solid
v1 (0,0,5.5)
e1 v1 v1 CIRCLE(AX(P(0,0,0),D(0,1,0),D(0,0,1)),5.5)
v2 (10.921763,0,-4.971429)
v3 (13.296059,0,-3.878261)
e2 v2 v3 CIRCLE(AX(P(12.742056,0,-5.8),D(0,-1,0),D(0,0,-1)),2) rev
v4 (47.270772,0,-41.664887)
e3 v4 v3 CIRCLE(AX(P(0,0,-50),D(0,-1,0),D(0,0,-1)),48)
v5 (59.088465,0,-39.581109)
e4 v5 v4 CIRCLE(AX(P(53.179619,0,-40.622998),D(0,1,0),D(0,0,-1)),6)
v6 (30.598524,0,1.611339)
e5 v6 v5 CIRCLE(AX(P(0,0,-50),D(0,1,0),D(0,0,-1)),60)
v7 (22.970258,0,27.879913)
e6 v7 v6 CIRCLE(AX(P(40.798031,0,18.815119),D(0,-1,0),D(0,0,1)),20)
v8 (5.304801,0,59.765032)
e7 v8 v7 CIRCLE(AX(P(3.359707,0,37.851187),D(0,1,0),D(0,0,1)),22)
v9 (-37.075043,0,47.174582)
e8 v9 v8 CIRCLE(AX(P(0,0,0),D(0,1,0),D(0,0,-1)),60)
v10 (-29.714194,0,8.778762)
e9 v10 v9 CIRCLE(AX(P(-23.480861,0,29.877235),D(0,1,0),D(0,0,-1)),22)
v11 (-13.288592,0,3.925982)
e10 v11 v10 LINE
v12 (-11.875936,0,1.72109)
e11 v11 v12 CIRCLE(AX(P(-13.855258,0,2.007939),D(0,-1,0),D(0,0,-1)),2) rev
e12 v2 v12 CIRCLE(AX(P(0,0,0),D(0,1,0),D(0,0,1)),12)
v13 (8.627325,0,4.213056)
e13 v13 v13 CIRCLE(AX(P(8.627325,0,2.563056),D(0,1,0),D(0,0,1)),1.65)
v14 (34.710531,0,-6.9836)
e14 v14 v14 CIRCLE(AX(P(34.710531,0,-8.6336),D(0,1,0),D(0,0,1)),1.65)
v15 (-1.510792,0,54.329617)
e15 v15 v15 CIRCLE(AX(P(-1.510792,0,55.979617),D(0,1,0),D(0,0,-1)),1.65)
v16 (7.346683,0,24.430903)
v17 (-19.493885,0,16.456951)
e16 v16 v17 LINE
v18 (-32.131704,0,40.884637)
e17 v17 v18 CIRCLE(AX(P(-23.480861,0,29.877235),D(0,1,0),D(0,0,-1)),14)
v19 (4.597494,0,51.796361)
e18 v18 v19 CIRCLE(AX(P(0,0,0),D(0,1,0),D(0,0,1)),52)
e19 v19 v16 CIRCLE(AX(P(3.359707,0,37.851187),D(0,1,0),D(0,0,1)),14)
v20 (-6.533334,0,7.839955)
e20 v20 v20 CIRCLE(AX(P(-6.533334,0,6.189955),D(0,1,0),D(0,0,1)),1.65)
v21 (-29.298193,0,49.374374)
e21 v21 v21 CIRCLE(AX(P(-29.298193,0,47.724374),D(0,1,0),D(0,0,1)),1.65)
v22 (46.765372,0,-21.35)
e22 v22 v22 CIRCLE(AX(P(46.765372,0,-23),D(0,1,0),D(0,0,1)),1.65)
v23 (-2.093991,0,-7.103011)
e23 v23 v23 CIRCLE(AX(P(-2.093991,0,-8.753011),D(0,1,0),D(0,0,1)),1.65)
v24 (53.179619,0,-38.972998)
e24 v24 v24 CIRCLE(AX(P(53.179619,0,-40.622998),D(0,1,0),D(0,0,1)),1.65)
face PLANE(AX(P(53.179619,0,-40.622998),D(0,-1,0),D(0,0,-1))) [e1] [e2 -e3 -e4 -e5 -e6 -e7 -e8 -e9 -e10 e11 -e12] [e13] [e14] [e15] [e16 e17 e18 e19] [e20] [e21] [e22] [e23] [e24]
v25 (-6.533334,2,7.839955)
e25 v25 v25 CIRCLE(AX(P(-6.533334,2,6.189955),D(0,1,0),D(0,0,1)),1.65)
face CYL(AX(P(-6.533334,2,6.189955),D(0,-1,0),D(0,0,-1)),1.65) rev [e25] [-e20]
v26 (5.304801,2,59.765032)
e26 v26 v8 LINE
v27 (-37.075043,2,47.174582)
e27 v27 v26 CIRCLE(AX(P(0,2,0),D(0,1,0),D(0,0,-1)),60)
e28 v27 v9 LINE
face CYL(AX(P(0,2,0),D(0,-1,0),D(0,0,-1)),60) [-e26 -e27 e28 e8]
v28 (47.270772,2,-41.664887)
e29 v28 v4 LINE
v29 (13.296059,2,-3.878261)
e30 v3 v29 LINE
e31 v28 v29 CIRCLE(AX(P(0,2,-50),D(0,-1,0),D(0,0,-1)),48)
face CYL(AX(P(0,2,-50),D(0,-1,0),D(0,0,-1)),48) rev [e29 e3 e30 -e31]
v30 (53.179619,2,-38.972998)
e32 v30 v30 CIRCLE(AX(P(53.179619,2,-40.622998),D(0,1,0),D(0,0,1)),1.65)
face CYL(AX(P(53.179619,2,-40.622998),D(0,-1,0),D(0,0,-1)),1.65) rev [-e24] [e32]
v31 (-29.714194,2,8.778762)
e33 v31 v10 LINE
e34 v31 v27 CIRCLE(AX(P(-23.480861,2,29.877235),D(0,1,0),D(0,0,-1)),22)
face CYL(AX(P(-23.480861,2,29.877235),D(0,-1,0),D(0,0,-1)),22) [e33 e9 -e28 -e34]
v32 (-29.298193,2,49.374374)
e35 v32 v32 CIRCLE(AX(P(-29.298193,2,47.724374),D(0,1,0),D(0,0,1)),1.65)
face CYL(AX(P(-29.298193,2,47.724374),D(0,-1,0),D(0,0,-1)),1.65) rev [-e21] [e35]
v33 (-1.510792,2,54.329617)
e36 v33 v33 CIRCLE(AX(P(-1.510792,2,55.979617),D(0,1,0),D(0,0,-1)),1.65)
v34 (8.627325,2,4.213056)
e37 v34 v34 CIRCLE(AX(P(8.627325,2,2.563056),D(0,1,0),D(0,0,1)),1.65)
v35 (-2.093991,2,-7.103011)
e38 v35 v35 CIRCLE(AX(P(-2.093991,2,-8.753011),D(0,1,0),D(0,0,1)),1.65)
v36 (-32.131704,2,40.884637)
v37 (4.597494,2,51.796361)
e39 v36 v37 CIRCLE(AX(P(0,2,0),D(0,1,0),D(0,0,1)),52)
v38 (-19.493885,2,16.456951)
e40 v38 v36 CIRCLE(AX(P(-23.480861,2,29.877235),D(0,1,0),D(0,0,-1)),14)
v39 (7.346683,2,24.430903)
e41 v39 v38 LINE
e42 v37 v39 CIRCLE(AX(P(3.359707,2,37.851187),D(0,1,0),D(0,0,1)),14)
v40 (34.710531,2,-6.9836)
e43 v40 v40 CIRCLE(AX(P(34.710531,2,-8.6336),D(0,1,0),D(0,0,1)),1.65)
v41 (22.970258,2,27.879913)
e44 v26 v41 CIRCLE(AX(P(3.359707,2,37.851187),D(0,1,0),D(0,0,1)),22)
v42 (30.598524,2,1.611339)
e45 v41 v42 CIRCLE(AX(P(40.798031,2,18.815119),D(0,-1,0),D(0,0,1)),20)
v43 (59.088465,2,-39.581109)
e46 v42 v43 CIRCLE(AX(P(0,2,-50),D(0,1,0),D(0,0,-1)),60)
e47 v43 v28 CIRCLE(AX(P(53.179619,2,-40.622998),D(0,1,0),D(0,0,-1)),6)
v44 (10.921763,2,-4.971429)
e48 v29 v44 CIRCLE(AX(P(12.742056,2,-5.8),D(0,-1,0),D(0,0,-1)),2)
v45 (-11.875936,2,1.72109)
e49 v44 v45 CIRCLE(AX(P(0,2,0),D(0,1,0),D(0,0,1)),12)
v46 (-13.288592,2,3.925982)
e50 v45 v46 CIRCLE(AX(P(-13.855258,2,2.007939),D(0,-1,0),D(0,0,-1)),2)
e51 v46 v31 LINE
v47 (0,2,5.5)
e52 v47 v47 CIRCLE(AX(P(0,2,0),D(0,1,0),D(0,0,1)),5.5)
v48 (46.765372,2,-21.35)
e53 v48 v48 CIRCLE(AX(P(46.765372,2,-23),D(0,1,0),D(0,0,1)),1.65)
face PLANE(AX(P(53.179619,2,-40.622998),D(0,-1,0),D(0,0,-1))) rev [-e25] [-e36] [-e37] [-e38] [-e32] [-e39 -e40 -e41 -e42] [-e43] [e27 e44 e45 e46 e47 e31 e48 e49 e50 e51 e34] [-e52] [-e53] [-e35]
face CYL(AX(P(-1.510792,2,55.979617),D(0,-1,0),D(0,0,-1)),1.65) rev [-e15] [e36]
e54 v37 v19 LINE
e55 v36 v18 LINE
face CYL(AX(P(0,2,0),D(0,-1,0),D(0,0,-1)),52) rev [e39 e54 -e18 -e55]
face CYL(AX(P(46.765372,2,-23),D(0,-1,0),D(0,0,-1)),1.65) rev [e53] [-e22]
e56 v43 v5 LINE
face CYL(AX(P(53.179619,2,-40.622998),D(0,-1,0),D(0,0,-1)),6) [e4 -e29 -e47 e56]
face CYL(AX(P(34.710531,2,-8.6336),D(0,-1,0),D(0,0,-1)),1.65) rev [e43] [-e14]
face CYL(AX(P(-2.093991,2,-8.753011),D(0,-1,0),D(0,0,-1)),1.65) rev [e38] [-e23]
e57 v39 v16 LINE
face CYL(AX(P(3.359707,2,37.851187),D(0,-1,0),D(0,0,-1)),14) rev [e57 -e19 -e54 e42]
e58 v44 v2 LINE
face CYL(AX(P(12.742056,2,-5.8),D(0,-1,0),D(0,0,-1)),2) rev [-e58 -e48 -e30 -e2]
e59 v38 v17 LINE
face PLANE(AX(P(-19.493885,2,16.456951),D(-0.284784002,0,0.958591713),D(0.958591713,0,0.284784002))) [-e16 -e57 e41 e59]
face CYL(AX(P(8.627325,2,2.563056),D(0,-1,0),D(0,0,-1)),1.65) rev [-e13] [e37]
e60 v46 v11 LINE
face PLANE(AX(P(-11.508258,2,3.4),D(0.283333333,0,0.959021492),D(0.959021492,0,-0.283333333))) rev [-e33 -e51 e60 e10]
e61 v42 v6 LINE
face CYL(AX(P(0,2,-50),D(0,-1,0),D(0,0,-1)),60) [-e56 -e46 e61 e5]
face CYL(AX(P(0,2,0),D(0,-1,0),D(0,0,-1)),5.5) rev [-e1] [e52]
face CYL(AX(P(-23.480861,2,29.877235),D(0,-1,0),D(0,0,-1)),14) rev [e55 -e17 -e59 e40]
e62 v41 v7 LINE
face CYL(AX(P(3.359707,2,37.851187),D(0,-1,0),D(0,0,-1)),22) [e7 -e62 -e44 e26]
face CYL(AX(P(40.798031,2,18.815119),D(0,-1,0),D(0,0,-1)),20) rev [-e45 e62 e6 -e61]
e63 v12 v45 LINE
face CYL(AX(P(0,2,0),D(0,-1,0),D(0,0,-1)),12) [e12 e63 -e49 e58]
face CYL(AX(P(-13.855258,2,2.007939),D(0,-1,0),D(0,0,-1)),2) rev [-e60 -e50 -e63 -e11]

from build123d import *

# Parameters (mm, degrees)
SKETCH_1_R         = 1.65
SKETCH_1_R_2       = 5.5
EXTRUDE_4604_DEPTH = 2
FILLET_1_R         = 2


with BuildPart() as part:
    # Эскиз1 → Extrude 4604 (new body)
    with BuildSketch(Plane(origin=(0, 0, 0), x_dir=(1, 0, 0), z_dir=(0, 1, 0))):
        with BuildLine():
            Line((-11.508257905, -3.4), (-29.714194139, -8.778762251))
            ThreePointArc((-29.714194139, -8.778762251), (-45.087395339, -25.73505383), (-37.075043377, -47.1745817))
            ThreePointArc((-37.075043377, -47.1745817), (-17.087040134, -57.515502775), (5.304800773, -59.765032325))
            ThreePointArc((5.304800773, -59.765032325), (22.603580264, -48.512957528), (22.97025793, -27.879913482))
            ThreePointArc((22.97025793, -27.879913482), (21.591479888, -13.237630517), (30.59852352, -1.611339436))
            ThreePointArc((30.59852352, -1.611339436), (49.34717261, 15.870005048), (59.088465181, 39.58110934))
            ThreePointArc((59.088465181, 39.58110934), (54.221507729, 46.531844924), (47.270772145, 41.664887472))
            ThreePointArc((47.270772145, 41.664887472), (35.068418794, 17.224917951), (11.508257905, 3.4))
            ThreePointArc((11.508257905, 3.4), (-3.4, 11.508257905), (-11.508257905, -3.4))
        make_face()
        with Locations(Location((-1.510792129, -55.97961689, 0), (0, 0, 90))):
            Circle(SKETCH_1_R, mode=Mode.SUBTRACT)
        with Locations(Location((-29.298192809, -47.724374256, 0), (0, 0, 270))):
            Circle(SKETCH_1_R, mode=Mode.SUBTRACT)
        with Locations(Location((0, 0, 0), (0, 0, 270))):
            Circle(SKETCH_1_R_2, mode=Mode.SUBTRACT)
        with Locations(Location((8.627325416, -2.56305602, 0), (0, 0, 270))):
            Circle(SKETCH_1_R, mode=Mode.SUBTRACT)
        with Locations(Location((-6.533334333, -6.189954967, 0), (0, 0, 270))):
            Circle(SKETCH_1_R, mode=Mode.SUBTRACT)
        with Locations(Location((-2.093991083, 8.753010987, 0), (0, 0, 270))):
            Circle(SKETCH_1_R, mode=Mode.SUBTRACT)
        with Locations(Location((53.179618663, 40.622998406, 0), (0, 0, 270))):
            Circle(SKETCH_1_R, mode=Mode.SUBTRACT)
        with Locations(Location((46.765371804, 23, 0), (0, 0, 270))):
            Circle(SKETCH_1_R, mode=Mode.SUBTRACT)
        with Locations(Location((34.710530923, 8.633600072, 0), (0, 0, 270))):
            Circle(SKETCH_1_R, mode=Mode.SUBTRACT)
        with BuildLine():
            Line((-19.493884775, -16.456951096), (7.346683187, -24.430903158))
            ThreePointArc((7.346683187, -24.430903158), (17.289589147, -39.25061121), (4.597494003, -51.796361348))
            ThreePointArc((4.597494003, -51.796361348), (-14.808768116, -49.846769072), (-32.13170426, -40.884637473))
            ThreePointArc((-32.13170426, -40.884637473), (-35.915324215, -23.444186054), (-19.493884775, -16.456951096))
        make_face(mode=Mode.SUBTRACT)
    extrude(amount=EXTRUDE_4604_DEPTH)

    # Скругление1
    fillet_1_edges = [part.edges().sort_by_distance(p)[0] for p in [
        (-11.508257905, 1, 3.4),
        (11.508257905, 1, -3.4),
    ]]
    fillet(fillet_1_edges, radius=FILLET_1_R)


solid = part.part
